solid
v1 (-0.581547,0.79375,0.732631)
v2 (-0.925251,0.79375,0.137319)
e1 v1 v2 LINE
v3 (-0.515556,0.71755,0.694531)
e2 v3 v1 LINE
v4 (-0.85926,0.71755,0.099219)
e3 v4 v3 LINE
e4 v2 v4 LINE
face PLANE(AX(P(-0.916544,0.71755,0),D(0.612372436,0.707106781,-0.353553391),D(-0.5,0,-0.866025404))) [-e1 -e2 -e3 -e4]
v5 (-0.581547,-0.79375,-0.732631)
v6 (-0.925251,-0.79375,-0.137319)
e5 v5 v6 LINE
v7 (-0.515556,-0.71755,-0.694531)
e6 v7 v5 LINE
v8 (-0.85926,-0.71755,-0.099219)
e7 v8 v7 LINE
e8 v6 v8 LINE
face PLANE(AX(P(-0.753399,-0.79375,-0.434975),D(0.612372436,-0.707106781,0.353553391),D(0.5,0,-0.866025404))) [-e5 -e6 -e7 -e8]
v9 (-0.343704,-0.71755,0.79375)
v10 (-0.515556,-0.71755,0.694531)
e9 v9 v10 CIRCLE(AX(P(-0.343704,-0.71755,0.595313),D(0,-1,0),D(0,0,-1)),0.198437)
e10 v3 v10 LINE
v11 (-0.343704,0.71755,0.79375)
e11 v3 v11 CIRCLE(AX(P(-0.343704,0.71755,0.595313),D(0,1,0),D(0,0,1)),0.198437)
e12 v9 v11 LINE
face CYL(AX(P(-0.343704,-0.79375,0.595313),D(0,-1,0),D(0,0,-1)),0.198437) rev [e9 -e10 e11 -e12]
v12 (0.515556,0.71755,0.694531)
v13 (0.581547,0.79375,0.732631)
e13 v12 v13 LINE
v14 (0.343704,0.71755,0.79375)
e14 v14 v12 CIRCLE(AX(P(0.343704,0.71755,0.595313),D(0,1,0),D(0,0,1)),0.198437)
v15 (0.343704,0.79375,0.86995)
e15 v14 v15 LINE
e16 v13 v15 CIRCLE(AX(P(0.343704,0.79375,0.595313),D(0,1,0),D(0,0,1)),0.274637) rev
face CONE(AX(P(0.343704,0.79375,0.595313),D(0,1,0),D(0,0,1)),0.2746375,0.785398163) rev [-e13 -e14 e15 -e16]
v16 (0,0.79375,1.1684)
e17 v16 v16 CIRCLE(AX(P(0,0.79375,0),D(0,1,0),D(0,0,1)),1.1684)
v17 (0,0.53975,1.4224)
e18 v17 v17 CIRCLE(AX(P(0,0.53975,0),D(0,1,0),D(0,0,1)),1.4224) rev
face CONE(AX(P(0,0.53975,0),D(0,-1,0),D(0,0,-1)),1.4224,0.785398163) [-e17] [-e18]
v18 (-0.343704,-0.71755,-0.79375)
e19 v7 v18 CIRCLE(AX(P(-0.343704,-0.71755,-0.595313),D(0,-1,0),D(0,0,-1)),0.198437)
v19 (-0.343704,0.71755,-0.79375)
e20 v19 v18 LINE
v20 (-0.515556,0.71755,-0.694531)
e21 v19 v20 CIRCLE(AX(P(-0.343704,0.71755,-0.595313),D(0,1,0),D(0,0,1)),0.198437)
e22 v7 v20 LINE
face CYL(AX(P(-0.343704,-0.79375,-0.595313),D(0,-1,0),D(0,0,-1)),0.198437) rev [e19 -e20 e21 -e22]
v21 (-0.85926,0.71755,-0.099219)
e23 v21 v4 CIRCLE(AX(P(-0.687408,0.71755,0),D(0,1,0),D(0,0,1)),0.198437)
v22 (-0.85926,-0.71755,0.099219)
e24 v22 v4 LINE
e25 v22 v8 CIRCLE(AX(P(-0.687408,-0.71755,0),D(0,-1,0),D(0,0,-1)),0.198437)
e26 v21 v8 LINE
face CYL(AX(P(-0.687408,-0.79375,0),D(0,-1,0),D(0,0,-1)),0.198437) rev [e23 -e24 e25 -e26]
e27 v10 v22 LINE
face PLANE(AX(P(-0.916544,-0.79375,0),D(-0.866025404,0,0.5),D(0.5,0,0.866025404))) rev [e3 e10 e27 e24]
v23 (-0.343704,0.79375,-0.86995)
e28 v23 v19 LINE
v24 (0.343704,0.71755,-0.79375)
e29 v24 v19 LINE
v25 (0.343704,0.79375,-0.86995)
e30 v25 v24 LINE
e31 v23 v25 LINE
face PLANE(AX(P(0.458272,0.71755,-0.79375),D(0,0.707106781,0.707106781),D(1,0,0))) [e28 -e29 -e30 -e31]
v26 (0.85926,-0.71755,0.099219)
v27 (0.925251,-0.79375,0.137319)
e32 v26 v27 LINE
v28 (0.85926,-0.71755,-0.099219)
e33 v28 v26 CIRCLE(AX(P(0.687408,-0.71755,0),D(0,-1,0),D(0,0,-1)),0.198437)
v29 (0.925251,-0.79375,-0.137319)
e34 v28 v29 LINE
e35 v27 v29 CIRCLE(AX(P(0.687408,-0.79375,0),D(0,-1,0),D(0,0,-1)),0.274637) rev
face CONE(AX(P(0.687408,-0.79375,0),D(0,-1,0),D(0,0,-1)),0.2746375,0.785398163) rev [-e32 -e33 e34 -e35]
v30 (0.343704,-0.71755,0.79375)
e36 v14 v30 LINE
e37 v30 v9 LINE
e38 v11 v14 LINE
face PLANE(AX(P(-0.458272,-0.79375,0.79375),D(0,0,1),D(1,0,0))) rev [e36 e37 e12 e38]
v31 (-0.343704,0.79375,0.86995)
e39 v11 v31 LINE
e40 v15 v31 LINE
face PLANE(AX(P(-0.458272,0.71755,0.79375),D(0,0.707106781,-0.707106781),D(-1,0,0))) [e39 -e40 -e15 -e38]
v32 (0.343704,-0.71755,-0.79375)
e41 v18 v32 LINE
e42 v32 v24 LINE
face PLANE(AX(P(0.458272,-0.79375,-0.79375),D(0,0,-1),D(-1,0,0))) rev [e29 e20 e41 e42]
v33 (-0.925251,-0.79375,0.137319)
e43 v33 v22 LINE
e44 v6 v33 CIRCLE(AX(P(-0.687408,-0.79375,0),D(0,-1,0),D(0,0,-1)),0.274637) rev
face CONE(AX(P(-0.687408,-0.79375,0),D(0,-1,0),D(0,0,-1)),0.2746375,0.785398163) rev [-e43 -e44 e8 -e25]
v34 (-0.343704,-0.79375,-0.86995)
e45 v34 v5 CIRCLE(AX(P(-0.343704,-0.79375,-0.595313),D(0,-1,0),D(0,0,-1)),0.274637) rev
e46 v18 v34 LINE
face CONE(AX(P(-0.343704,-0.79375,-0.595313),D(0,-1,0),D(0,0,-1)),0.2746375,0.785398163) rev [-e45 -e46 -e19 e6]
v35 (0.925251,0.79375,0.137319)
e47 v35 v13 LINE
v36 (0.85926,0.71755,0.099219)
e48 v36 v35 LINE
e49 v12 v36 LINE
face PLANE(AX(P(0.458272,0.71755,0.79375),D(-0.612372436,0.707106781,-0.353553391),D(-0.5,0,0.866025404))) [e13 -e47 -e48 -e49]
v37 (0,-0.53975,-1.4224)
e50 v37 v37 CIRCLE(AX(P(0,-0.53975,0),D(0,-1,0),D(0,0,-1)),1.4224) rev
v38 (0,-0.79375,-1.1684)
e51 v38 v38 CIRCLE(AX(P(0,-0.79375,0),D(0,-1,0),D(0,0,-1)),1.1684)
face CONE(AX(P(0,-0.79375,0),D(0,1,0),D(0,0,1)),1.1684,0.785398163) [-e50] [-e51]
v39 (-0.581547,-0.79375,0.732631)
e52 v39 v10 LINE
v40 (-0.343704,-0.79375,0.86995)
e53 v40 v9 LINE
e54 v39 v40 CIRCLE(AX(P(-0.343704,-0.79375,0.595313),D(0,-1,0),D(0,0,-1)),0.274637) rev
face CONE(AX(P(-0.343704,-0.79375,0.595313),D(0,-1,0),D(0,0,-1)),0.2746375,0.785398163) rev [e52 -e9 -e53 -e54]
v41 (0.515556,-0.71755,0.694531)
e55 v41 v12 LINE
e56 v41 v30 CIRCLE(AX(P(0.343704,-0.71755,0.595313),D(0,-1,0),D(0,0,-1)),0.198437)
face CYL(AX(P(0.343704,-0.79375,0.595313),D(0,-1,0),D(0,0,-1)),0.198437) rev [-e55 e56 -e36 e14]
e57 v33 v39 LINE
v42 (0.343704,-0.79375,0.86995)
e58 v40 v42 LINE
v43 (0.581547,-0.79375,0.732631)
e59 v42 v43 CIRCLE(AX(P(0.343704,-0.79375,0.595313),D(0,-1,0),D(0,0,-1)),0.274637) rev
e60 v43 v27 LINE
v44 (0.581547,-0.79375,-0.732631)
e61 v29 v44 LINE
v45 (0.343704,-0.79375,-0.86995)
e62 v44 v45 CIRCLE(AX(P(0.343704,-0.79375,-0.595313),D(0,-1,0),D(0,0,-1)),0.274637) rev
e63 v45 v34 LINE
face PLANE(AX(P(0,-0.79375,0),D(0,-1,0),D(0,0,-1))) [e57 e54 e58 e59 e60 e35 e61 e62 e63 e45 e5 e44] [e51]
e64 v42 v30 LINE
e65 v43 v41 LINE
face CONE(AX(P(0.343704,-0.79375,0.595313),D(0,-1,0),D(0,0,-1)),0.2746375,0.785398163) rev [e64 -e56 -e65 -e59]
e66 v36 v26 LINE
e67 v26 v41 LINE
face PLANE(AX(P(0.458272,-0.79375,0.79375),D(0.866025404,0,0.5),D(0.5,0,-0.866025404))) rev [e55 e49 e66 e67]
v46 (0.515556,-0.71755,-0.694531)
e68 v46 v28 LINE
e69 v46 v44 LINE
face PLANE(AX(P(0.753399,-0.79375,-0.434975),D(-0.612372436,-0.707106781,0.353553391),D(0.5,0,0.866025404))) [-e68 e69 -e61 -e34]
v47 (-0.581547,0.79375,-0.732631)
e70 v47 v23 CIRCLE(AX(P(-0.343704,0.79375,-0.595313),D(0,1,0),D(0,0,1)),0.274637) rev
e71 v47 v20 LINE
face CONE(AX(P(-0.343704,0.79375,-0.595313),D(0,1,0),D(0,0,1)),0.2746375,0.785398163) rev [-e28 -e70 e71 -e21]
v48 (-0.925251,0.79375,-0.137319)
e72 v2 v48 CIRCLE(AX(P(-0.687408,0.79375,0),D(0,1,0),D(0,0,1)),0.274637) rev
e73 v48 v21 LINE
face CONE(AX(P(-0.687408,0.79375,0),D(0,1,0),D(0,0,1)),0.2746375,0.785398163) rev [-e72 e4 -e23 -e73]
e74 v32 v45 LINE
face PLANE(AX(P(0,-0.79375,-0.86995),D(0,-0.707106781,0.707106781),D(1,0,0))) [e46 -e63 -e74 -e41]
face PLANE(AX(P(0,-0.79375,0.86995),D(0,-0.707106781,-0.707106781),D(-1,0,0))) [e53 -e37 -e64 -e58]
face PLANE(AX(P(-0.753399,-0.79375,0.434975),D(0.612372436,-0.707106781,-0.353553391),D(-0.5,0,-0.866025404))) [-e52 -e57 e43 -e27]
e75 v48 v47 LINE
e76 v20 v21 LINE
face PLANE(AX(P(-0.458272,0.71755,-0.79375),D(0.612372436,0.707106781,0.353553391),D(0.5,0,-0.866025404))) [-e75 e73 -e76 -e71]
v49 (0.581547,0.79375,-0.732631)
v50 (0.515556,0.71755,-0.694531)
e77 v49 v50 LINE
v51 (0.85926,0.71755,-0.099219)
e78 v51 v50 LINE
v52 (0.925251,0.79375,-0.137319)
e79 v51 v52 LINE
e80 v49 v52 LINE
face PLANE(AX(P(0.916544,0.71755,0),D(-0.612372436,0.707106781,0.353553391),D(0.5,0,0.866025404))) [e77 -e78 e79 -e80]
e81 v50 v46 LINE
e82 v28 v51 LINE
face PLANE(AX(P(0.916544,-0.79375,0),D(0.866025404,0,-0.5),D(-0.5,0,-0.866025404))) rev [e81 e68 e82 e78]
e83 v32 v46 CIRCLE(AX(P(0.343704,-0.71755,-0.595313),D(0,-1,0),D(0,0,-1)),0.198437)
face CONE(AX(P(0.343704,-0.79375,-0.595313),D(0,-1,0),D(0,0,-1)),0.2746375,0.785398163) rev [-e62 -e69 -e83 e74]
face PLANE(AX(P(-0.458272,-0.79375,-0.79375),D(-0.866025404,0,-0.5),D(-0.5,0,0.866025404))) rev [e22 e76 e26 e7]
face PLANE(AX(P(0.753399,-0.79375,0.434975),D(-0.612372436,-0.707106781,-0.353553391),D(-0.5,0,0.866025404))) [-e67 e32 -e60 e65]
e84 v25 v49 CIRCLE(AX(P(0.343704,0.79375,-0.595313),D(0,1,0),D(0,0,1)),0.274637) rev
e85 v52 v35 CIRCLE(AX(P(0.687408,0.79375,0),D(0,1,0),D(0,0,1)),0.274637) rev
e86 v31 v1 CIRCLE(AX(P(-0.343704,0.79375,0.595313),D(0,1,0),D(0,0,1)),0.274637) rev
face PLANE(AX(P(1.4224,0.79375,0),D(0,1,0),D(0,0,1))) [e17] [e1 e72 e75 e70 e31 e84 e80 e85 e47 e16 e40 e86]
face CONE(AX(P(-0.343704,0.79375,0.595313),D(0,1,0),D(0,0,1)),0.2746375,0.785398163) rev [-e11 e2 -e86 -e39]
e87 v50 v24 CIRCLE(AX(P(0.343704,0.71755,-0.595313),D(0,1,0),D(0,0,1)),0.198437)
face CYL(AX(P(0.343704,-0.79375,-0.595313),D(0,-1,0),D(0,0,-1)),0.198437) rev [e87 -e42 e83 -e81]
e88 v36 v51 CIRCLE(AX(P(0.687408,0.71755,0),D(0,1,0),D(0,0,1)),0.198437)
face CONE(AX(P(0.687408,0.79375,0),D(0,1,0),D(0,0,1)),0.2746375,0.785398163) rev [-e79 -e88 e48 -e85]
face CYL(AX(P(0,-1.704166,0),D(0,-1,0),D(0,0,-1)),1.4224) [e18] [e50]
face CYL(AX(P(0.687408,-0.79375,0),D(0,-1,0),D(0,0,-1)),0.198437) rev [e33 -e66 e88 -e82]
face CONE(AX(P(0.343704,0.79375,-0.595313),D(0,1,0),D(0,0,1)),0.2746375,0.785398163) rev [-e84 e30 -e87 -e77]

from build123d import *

# Parameters (mm, degrees)
SKETCH1_W               = 1.4224
SKETCH1_H               = 1.5875
CUT_EXTRUDE1_DEPTH      = 1.79375
CUT_EXTRUDE1_DEPTH_BACK = 1.79375
FILLET1_R               = 0.1984375
CHAMFER1_SIZE           = 0.254
CHAMFER2_SIZE           = 0.0762


with BuildPart() as part:
    # Sketch1 → Revolve1 (revolve)
    with BuildSketch(Plane.XY):
        with Locations((0.7112, 0)):
            Rectangle(SKETCH1_W, SKETCH1_H)
    revolve(axis=Axis((0, -1.704166029, 0), (0, 1, 0)))

    # Sketch3 → Cut-Extrude1 (cut, two sides)
    with BuildSketch(Plane(origin=(0, 0, 0), x_dir=(1, 0, 0), z_dir=(0, 1, 0))) as cut_extrude1_sk:
        Polygon((0.916543552, 0), (0.458271776, 0.79375), (-0.458271776, 0.79375), (-0.916543552, 0), (-0.458271776, -0.79375), (0.458271776, -0.79375), align=None)
    extrude(amount=CUT_EXTRUDE1_DEPTH, mode=Mode.SUBTRACT)
    extrude(cut_extrude1_sk.sketch, amount=-CUT_EXTRUDE1_DEPTH_BACK, mode=Mode.SUBTRACT)

    # Fillet1
    fillet1_edges = [part.edges().sort_by_distance(p)[0] for p in [
        (0.458271776, 0, -0.79375),
        (0.916543552, 0, 0),
        (0.458271776, 0, 0.79375),
        (-0.458271776, 0, 0.79375),
        (-0.916543552, 0, 0),
        (-0.458271776, 0, -0.79375),
    ]]
    fillet(fillet1_edges, radius=FILLET1_R)

    # Chamfer1
    chamfer1_edges = [part.edges().sort_by_distance(p)[0] for p in [
        (-1.4224, 0.79375, 0),
        (-1.4224, -0.79375, 0),
    ]]
    chamfer(chamfer1_edges, length=CHAMFER1_SIZE)

    # Chamfer2
    chamfer2_edges = [part.edges().sort_by_distance(p)[0] for p in [
        (0.687407664, -0.79375, -0.396875),
        (0.687407664, 0.79375, -0.396875),
        (0.687407664, -0.79375, 0.396875),
        (0.687407664, 0.79375, 0.396875),
        (0, -0.79375, 0.79375),
        (0, 0.79375, 0.79375),
        (-0.687407664, -0.79375, 0.396875),
        (-0.687407664, 0.79375, 0.396875),
        (-0.687407664, -0.79375, -0.396875),
        (-0.687407664, 0.79375, -0.396875),
        (0, -0.79375, -0.79375),
        (0, 0.79375, -0.79375),
        (0.885845164, 0.79375, 0),
        (0.885845164, -0.79375, 0),
        (0.442922582, 0.79375, 0.767164416),
        (0.442922582, -0.79375, 0.767164416),
        (-0.442922582, 0.79375, 0.767164416),
        (-0.442922582, -0.79375, 0.767164416),
        (-0.885845164, 0.79375, 0),
        (-0.885845164, -0.79375, 0),
        (-0.442922582, 0.79375, -0.767164416),
        (-0.442922582, -0.79375, -0.767164416),
        (0.442922582, 0.79375, -0.767164416),
        (0.442922582, -0.79375, -0.767164416),
    ]]
    chamfer(chamfer2_edges, length=CHAMFER2_SIZE)


solid = part.part
